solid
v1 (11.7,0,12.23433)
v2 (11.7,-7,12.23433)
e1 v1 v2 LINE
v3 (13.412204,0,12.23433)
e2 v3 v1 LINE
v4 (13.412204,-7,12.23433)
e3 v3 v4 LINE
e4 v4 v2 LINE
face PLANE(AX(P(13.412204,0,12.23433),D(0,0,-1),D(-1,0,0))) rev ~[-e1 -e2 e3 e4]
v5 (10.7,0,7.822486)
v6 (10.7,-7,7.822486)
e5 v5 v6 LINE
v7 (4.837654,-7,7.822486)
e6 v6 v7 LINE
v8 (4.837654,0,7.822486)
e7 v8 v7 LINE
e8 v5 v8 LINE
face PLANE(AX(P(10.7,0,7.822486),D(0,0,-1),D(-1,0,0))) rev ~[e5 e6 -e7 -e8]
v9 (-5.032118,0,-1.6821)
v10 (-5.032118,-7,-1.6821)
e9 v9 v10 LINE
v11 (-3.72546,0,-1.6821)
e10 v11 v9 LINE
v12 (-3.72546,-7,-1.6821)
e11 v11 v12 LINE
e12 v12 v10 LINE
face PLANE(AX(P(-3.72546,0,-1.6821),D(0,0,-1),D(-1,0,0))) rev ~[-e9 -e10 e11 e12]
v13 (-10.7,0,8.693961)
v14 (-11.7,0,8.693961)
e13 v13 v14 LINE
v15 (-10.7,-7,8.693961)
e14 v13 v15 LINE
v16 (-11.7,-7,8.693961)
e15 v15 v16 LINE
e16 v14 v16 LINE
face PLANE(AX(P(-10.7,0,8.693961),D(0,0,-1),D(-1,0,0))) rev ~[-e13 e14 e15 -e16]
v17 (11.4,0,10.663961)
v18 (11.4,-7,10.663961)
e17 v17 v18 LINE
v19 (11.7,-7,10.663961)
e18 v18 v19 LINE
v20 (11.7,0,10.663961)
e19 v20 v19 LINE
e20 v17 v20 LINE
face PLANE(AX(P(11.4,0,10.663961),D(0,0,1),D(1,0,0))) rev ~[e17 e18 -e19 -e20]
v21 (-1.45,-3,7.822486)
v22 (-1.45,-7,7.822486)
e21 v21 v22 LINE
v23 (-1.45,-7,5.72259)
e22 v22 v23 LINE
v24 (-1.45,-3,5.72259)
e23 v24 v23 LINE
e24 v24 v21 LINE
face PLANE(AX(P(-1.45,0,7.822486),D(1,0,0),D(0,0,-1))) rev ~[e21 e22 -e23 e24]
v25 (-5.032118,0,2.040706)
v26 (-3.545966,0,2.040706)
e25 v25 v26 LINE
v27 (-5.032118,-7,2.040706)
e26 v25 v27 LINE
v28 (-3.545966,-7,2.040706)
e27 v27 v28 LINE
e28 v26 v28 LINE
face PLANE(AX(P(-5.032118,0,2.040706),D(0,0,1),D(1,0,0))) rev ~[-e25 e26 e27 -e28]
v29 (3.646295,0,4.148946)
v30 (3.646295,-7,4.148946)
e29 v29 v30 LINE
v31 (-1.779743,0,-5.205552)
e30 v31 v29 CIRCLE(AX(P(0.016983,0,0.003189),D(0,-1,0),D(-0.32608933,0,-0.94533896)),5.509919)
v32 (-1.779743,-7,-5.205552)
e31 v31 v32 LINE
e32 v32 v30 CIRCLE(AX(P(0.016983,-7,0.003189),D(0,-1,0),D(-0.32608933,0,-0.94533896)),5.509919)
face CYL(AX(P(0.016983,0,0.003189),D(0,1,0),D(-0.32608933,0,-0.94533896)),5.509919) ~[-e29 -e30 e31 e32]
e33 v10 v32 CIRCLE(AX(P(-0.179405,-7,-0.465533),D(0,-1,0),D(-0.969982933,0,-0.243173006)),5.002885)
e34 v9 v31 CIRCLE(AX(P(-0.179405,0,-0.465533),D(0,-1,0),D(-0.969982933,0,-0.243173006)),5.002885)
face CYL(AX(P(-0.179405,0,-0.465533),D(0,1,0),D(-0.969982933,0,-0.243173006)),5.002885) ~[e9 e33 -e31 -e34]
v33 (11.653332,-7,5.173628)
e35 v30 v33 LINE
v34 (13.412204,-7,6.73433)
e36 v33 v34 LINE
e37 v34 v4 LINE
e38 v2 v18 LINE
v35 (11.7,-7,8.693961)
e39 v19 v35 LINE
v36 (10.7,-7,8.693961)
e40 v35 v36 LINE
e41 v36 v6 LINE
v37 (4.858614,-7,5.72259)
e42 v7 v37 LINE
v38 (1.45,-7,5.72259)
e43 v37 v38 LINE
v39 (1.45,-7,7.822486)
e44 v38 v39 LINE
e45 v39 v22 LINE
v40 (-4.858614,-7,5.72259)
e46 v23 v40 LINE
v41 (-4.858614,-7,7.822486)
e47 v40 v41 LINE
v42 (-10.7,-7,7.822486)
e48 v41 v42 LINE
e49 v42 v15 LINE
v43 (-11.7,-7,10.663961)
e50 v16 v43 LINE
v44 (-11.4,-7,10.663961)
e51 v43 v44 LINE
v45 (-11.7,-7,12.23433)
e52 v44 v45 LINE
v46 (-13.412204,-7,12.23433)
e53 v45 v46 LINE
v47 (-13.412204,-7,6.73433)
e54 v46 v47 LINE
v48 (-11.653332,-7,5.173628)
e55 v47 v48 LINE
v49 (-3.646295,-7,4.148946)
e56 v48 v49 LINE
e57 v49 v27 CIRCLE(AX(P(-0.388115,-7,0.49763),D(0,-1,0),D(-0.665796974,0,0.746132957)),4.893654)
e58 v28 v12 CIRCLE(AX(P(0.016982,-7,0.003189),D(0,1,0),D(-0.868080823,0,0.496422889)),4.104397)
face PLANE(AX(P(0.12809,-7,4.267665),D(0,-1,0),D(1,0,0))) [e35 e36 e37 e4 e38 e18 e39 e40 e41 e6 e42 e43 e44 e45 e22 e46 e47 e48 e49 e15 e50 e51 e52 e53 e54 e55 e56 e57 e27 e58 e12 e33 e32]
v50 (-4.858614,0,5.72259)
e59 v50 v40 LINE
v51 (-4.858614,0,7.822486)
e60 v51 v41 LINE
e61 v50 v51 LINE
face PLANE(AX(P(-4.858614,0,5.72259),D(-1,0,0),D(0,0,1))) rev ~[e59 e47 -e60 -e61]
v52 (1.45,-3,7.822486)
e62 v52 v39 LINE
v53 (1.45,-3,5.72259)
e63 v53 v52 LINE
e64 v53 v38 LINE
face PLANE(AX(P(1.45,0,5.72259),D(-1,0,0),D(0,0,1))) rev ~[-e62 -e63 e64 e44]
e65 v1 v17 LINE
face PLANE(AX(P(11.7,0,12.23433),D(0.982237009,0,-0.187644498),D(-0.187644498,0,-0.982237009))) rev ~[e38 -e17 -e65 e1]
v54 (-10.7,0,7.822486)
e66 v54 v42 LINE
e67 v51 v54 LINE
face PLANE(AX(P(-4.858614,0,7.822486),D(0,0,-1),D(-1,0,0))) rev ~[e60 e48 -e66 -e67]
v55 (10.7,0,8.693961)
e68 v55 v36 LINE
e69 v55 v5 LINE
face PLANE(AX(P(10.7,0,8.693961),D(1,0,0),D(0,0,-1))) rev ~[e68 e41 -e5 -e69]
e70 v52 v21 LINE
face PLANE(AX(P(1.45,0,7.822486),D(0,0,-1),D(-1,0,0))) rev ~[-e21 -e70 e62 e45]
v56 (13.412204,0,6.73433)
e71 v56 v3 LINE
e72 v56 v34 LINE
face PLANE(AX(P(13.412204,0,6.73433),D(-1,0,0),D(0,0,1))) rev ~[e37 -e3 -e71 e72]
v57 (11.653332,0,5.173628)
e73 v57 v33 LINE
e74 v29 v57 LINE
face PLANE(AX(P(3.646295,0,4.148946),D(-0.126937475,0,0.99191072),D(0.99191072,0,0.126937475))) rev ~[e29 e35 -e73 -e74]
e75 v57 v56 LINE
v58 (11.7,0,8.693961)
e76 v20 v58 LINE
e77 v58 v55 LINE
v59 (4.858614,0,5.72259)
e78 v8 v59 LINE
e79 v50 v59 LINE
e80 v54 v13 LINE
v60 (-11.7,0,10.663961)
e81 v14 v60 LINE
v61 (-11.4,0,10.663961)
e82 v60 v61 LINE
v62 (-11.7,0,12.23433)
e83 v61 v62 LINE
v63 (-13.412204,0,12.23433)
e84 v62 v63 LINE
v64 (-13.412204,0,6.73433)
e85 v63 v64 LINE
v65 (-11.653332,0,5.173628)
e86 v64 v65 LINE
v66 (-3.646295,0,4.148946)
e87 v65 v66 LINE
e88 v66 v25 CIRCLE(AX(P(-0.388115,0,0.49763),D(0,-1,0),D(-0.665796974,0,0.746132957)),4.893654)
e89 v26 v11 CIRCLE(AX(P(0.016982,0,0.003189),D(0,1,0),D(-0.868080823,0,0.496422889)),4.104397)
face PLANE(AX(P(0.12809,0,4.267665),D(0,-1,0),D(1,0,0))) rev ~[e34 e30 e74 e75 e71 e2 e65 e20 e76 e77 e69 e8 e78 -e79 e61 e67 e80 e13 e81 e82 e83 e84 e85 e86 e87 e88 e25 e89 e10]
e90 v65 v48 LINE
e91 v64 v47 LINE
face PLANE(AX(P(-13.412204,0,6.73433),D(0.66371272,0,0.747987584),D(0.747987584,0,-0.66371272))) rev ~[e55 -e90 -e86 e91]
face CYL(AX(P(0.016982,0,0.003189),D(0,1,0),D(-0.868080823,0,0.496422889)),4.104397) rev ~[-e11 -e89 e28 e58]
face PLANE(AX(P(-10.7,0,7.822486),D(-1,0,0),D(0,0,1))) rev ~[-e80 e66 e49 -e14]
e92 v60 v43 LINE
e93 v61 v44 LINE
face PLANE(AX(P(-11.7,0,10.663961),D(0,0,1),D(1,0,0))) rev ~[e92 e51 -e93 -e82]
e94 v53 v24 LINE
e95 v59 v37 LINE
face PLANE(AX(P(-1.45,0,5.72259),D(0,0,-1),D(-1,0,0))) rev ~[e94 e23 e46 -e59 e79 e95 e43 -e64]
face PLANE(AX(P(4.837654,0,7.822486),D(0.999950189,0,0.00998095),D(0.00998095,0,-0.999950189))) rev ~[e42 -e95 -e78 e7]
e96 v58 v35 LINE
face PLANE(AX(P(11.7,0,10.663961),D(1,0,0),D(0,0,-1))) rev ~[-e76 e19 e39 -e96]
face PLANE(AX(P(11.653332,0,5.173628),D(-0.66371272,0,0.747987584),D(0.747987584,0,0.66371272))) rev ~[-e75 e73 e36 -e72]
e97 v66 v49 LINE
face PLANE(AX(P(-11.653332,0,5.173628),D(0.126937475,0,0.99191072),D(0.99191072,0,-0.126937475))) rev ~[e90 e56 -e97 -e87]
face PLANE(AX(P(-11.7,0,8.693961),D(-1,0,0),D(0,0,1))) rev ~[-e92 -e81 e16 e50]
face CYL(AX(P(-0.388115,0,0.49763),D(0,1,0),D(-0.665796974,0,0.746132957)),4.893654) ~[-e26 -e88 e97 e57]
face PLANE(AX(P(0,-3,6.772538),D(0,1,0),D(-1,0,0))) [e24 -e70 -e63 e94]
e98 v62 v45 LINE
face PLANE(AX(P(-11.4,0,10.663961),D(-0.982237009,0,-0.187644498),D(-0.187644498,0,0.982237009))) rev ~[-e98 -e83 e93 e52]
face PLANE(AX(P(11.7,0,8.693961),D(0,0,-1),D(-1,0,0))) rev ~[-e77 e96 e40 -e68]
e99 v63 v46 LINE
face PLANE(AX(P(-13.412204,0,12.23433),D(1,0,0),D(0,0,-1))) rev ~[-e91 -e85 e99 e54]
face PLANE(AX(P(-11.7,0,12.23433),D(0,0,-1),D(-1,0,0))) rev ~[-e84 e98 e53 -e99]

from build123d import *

# Parameters (mm, degrees)
F1_DEPTH = 7
F2_W     = 2.9
F2_H     = 2.099896
F3_DEPTH = 3


with BuildPart() as f1:
    # F0 (on Front) → F1 (new body)
    with BuildSketch(Plane.XZ):
        with BuildLine():
            ThreePointArc((-5.032118, -1.6821), (-3.855564, -3.858867), (-1.779743, -5.205552))
            ThreePointArc((-1.779743, -5.205552), (4.78314, -2.7614), (3.646295, 4.148946))
            Line((3.646295, 4.148946), (11.653332, 5.173628))
            Line((11.653332, 5.173628), (13.412204, 6.73433))
            Line((13.412204, 6.73433), (13.412204, 12.23433))
            Line((13.412204, 12.23433), (11.7, 12.23433))
            Line((11.7, 12.23433), (11.7, 10.663961))
            Line((11.7, 10.663961), (11.7, 9.565437))
            Line((11.7, 9.565437), (11.7, 8.693961))
            Line((11.7, 8.693961), (10.7, 8.693961))
            Line((10.7, 8.693961), (10.7, 7.822486))
            Line((10.7, 7.822486), (4.837654, 7.822486))
            Line((4.837654, 7.822486), (4.858614, 5.72259))
            Line((4.858614, 5.72259), (1.45, 5.72259))
            Line((1.45, 5.72259), (-1.45, 5.72259))
            Line((-1.45, 5.72259), (-4.858614, 5.72259))
            Line((-4.858614, 5.72259), (-4.858614, 7.822486))
            Line((-4.858614, 7.822486), (-10.7, 7.822486))
            Line((-10.7, 7.822486), (-10.7, 8.693961))
            Line((-10.7, 8.693961), (-11.7, 8.693961))
            Line((-11.7, 8.693961), (-11.7, 9.565437))
            Line((-11.7, 9.565437), (-11.7, 10.663961))
            Line((-11.7, 10.663961), (-11.7, 12.23433))
            Line((-11.7, 12.23433), (-13.412204, 12.23433))
            Line((-13.412204, 12.23433), (-13.412204, 6.73433))
            Line((-13.412204, 6.73433), (-11.653332, 5.173628))
            Line((-11.653332, 5.173628), (-3.646295, 4.148946))
            ThreePointArc((-3.646295, 4.148946), (-4.477405, 3.185669), (-5.032118, 2.040706))
            Line((-5.032118, 2.040706), (-3.545966, 2.040706))
            ThreePointArc((-3.545966, 2.040706), (4.116617, -0.194474), (-3.72546, -1.6821))
            Line((-3.72546, -1.6821), (-5.032118, -1.6821))
        make_face()
        Polygon((11.7, 10.663961), (11.7, 12.23433), (11.4, 10.663961), align=None)
        Polygon((-11.4, 10.663961), (-11.7, 12.23433), (-11.7, 10.663961), align=None)
        Polygon((-1.45, 5.72259), (1.45, 5.72259), (1.45, 7.822486), (0, 7.822486), (-1.45, 7.822486), align=None)
    extrude(amount=F1_DEPTH)

    # F2 (on face) → F3 (cut)
    with BuildSketch(Plane(origin=(0, 0, 0), x_dir=(-1, 0, 0), z_dir=(0, 1, 0))):
        with Locations((0, 6.772538)):
            Rectangle(F2_W, F2_H)
    extrude(amount=-F3_DEPTH, mode=Mode.SUBTRACT)


solid = f1.part
